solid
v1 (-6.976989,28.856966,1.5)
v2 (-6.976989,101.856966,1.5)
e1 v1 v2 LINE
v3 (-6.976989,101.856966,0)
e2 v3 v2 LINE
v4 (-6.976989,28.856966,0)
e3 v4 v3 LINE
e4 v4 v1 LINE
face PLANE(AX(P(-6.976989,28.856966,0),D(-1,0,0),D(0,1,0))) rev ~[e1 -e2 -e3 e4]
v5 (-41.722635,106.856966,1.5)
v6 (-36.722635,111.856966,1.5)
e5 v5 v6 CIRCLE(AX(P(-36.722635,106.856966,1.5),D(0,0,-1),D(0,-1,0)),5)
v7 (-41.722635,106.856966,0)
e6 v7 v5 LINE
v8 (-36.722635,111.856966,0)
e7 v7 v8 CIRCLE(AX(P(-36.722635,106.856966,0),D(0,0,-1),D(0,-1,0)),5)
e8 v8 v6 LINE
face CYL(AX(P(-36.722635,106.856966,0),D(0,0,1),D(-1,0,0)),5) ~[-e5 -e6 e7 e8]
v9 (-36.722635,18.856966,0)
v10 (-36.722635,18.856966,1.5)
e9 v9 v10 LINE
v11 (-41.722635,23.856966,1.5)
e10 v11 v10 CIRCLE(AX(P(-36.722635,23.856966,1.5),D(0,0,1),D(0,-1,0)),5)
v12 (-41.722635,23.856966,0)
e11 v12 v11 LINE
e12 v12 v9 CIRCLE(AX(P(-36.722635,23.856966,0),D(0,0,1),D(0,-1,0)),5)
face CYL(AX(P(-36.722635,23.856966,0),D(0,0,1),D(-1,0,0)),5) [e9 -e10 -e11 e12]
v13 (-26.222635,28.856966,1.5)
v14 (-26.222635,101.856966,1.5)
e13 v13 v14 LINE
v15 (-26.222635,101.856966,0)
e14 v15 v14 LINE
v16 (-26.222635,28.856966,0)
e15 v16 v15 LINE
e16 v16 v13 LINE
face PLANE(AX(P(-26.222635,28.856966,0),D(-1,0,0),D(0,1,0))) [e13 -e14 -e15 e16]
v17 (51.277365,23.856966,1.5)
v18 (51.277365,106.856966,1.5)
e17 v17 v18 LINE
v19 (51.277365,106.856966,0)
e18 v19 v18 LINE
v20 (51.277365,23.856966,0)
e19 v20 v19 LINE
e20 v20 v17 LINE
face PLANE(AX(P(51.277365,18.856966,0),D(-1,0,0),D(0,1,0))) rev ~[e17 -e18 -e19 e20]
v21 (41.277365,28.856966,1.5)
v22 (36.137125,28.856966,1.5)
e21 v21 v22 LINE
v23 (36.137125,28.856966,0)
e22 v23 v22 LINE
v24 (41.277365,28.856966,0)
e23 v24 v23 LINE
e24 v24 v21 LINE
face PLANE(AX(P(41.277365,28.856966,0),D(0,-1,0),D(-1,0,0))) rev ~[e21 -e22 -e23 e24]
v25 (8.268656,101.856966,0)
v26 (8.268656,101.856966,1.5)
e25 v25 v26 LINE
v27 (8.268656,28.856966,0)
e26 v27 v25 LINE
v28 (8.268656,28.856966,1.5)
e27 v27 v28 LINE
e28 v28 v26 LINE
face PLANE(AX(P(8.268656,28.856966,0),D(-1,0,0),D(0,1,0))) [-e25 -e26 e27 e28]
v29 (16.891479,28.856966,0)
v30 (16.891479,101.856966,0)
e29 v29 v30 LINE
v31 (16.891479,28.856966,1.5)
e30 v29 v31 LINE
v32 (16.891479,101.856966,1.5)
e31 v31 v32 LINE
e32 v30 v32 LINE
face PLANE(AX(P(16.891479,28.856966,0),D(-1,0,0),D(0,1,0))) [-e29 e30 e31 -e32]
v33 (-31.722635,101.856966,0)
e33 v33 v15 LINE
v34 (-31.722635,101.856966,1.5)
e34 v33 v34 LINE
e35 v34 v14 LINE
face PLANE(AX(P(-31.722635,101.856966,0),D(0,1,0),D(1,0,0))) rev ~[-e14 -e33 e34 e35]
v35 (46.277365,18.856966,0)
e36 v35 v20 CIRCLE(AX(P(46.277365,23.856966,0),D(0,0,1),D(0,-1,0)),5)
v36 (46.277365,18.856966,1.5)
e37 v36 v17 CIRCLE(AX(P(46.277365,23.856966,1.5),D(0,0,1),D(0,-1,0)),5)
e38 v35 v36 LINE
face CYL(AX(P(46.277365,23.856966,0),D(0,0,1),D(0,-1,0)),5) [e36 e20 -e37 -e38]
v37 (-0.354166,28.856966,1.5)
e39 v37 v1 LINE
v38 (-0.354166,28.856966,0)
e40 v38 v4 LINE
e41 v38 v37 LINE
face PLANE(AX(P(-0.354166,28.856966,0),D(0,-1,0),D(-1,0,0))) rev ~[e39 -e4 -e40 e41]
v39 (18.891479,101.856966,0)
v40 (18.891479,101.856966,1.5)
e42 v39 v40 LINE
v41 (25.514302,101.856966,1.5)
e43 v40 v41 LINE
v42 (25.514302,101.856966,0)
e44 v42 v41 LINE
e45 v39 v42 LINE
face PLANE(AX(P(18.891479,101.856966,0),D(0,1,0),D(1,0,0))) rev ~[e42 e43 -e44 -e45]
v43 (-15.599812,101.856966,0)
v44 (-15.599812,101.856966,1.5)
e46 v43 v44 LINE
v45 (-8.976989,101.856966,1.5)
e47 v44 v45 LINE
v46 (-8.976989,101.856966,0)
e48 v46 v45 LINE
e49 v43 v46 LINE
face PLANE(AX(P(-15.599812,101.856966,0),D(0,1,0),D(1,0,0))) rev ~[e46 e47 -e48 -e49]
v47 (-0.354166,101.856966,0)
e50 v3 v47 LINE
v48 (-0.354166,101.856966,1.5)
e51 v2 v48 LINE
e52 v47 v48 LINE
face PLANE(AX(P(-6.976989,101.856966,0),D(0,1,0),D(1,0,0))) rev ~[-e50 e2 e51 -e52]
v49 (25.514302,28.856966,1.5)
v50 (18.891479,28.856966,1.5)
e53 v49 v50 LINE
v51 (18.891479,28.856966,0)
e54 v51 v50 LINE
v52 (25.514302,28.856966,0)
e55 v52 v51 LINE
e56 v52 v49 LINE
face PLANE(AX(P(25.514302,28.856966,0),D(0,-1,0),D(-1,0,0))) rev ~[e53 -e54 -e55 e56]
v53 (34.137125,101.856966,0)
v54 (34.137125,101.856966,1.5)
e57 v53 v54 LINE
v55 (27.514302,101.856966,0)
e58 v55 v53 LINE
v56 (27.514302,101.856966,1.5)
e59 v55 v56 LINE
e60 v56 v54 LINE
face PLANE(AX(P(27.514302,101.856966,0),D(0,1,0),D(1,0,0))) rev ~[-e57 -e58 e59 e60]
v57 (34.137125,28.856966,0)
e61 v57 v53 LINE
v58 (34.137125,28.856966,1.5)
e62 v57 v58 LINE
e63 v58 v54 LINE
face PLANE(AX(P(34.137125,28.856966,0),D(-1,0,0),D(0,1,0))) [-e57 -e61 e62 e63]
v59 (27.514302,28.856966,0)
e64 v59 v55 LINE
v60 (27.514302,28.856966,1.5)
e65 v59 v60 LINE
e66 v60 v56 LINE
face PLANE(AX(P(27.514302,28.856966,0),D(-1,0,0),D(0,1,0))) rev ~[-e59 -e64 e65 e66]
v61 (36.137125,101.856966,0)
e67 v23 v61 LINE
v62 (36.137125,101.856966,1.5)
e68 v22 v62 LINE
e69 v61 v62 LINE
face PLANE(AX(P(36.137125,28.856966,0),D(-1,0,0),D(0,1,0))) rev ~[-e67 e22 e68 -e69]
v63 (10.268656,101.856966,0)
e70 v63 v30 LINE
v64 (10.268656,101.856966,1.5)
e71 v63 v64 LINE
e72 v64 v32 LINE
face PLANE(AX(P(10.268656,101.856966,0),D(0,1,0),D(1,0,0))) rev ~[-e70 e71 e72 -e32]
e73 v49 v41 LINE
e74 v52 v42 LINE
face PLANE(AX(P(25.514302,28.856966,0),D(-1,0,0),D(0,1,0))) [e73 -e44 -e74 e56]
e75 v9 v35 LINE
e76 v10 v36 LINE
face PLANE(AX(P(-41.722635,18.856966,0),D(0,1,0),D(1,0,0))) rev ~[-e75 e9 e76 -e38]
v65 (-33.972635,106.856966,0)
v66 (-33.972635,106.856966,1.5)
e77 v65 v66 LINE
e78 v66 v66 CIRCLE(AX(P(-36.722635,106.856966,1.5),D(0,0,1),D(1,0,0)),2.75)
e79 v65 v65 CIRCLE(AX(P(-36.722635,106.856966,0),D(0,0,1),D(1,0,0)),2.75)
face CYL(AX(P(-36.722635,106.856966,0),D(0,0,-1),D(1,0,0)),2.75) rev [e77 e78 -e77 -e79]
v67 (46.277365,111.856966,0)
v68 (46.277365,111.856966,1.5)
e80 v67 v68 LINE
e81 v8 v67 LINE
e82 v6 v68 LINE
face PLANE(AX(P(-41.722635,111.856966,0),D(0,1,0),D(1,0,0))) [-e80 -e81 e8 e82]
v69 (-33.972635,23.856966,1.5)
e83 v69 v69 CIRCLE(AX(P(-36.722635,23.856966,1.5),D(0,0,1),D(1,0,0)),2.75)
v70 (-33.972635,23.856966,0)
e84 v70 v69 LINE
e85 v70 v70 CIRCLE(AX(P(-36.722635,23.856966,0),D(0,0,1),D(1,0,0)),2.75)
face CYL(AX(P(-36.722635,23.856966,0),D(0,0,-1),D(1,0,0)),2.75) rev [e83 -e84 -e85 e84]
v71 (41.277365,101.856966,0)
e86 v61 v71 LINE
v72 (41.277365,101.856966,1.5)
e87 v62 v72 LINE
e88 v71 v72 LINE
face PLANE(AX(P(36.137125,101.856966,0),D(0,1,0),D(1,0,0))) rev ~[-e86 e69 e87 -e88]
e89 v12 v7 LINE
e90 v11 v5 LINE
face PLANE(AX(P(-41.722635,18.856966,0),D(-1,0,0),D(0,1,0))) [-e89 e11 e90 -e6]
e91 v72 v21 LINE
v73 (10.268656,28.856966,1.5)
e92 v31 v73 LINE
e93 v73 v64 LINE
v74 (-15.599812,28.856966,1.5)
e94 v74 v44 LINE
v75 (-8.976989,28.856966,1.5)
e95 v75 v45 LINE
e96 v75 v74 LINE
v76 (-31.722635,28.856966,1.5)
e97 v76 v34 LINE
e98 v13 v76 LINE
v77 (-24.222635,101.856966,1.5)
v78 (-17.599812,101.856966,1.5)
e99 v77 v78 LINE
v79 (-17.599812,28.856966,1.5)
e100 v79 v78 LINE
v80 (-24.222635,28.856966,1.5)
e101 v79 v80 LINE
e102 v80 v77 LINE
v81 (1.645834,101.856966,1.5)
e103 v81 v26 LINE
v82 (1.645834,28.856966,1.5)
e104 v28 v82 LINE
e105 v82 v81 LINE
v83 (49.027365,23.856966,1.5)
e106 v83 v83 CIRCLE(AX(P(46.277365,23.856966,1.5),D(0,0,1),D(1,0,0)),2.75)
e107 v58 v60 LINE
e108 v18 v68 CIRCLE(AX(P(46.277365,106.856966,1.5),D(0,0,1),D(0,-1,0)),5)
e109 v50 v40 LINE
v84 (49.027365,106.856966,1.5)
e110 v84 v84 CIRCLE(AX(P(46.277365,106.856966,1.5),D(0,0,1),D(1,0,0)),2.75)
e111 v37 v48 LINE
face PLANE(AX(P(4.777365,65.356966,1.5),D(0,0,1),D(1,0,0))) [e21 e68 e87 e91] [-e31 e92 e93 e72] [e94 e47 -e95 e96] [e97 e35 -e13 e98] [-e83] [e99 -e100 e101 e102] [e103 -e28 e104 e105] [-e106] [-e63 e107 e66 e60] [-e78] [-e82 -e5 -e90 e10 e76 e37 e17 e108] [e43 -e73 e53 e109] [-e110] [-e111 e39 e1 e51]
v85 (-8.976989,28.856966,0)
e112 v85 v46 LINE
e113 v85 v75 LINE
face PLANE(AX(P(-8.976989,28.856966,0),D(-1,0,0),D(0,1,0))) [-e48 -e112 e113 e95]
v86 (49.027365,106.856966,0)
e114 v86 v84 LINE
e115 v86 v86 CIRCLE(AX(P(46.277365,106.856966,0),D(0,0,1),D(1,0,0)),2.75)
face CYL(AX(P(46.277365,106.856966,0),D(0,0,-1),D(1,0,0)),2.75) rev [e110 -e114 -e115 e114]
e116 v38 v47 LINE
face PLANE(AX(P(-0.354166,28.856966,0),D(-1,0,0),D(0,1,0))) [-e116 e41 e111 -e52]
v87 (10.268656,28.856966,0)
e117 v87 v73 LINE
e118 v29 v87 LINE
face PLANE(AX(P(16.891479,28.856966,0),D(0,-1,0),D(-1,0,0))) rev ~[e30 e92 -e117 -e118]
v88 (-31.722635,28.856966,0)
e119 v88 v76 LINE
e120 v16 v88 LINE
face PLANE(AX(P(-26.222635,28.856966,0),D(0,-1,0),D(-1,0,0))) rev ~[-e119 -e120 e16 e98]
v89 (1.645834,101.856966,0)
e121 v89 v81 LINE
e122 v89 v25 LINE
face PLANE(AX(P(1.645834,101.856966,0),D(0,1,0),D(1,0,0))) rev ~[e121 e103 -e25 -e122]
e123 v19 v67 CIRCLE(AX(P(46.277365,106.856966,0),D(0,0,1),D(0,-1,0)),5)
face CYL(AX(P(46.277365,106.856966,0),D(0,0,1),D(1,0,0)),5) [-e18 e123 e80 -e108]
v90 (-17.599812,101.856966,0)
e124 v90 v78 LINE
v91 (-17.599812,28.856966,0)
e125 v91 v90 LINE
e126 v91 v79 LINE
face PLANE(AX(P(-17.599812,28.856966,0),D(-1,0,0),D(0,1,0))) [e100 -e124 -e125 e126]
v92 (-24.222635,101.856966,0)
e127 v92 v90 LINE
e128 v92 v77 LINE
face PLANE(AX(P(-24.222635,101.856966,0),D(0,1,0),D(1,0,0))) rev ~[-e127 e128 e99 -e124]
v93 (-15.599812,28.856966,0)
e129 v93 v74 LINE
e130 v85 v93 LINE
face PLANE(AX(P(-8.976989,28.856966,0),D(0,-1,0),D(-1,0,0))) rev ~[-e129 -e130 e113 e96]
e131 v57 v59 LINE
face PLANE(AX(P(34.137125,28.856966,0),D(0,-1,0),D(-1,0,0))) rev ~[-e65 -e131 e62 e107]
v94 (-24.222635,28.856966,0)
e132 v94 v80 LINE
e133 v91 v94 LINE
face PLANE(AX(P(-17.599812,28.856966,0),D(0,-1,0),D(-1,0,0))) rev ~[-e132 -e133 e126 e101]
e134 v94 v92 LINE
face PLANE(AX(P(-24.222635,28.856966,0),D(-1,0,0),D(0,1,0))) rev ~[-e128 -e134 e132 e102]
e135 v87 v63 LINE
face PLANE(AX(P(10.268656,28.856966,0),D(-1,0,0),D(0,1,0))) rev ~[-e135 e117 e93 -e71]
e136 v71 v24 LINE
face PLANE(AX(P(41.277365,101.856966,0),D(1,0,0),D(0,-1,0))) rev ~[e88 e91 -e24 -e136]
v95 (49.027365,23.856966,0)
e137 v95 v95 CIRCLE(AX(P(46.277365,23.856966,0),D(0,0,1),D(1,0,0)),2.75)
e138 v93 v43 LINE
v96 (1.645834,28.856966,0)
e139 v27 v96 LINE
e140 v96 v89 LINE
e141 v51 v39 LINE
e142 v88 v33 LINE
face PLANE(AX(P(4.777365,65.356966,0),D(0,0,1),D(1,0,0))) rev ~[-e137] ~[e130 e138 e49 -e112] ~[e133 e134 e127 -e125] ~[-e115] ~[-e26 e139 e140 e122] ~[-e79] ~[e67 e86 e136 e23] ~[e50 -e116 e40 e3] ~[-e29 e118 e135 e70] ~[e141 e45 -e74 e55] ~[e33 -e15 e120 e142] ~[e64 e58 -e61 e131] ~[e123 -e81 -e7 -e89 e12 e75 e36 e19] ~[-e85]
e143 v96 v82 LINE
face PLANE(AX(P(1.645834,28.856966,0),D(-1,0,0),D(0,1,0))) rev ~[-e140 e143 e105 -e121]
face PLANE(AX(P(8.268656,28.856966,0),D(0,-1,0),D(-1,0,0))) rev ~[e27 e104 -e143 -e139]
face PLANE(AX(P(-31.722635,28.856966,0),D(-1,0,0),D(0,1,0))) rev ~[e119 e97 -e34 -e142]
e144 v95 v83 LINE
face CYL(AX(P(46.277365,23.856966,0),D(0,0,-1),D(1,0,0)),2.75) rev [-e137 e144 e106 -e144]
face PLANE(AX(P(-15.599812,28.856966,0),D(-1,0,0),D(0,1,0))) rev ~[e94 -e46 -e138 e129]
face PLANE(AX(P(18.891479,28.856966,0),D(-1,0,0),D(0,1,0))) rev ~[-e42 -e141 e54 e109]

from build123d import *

# Parameters (mm, degrees)
F0_W     = 93
F0_H     = 93
F0_R     = 2.75
F0_W_2   = 2
F0_H_2   = 73
F1_DEPTH = 1.5
F2_R     = 5


with BuildPart() as f1:
    # F0 (on Top) → F1 (new body)
    with BuildSketch(Plane.XY):
        with Locations((4.777365, 65.356966)):
            Rectangle(F0_W, F0_H)
        with Locations((-36.722635, 23.856966)):
            Circle(F0_R, mode=Mode.SUBTRACT)
        with Locations((46.277365, 23.856966)):
            Circle(F0_R, mode=Mode.SUBTRACT)
        Polygon((-31.722635, 28.856966), (-31.722635, 101.856966), (-26.222635, 101.856966), (-24.222635, 101.856966), (-17.599812, 101.856966), (-15.599812, 101.856966), (-8.976989, 101.856966), (-6.976989, 101.856966), (-0.354166, 101.856966), (1.645834, 101.856966), (8.268656, 101.856966), (10.268656, 101.856966), (16.891479, 101.856966), (18.891479, 101.856966), (25.514302, 101.856966), (27.514302, 101.856966), (34.137125, 101.856966), (36.137125, 101.856966), (41.277365, 101.856966), (41.277365, 28.856966), (36.137125, 28.856966), (34.137125, 28.856966), (27.514302, 28.856966), (25.514302, 28.856966), (18.891479, 28.856966), (16.891479, 28.856966), (10.268656, 28.856966), (8.268656, 28.856966), (1.645834, 28.856966), (-0.354166, 28.856966), (-6.976989, 28.856966), (-8.976989, 28.856966), (-15.599812, 28.856966), (-17.599812, 28.856966), (-24.222635, 28.856966), (-26.222635, 28.856966), align=None, mode=Mode.SUBTRACT)
        with Locations((-36.722635, 106.856966)):
            Circle(F0_R, mode=Mode.SUBTRACT)
        with Locations((46.277365, 106.856966)):
            Circle(F0_R, mode=Mode.SUBTRACT)
        with Locations((-25.222635, 65.356966)):
            Rectangle(F0_W_2, F0_H_2)
        with Locations((-16.599812, 65.356966)):
            Rectangle(F0_W_2, F0_H_2)
        with Locations((-7.976989, 65.356966)):
            Rectangle(F0_W_2, F0_H_2)
        with Locations((0.645834, 65.356966)):
            Rectangle(F0_W_2, F0_H_2)
        with Locations((9.268656, 65.356966)):
            Rectangle(F0_W_2, F0_H_2)
        with Locations((17.891479, 65.356966)):
            Rectangle(F0_W_2, F0_H_2)
        with Locations((26.514302, 65.356966)):
            Rectangle(F0_W_2, F0_H_2)
        with Locations((35.137125, 65.356966)):
            Rectangle(F0_W_2, F0_H_2)
    extrude(amount=F1_DEPTH)

    # F2
    f2_edges = [f1.edges().sort_by_distance(p)[0] for p in [
        (-41.722635, 111.856966, 0.75),
        (51.277365, 111.856966, 0.75),
        (51.277365, 18.856966, 0.75),
        (-41.722635, 18.856966, 0.75),
    ]]
    fillet(f2_edges, radius=F2_R)


solid = f1.part
